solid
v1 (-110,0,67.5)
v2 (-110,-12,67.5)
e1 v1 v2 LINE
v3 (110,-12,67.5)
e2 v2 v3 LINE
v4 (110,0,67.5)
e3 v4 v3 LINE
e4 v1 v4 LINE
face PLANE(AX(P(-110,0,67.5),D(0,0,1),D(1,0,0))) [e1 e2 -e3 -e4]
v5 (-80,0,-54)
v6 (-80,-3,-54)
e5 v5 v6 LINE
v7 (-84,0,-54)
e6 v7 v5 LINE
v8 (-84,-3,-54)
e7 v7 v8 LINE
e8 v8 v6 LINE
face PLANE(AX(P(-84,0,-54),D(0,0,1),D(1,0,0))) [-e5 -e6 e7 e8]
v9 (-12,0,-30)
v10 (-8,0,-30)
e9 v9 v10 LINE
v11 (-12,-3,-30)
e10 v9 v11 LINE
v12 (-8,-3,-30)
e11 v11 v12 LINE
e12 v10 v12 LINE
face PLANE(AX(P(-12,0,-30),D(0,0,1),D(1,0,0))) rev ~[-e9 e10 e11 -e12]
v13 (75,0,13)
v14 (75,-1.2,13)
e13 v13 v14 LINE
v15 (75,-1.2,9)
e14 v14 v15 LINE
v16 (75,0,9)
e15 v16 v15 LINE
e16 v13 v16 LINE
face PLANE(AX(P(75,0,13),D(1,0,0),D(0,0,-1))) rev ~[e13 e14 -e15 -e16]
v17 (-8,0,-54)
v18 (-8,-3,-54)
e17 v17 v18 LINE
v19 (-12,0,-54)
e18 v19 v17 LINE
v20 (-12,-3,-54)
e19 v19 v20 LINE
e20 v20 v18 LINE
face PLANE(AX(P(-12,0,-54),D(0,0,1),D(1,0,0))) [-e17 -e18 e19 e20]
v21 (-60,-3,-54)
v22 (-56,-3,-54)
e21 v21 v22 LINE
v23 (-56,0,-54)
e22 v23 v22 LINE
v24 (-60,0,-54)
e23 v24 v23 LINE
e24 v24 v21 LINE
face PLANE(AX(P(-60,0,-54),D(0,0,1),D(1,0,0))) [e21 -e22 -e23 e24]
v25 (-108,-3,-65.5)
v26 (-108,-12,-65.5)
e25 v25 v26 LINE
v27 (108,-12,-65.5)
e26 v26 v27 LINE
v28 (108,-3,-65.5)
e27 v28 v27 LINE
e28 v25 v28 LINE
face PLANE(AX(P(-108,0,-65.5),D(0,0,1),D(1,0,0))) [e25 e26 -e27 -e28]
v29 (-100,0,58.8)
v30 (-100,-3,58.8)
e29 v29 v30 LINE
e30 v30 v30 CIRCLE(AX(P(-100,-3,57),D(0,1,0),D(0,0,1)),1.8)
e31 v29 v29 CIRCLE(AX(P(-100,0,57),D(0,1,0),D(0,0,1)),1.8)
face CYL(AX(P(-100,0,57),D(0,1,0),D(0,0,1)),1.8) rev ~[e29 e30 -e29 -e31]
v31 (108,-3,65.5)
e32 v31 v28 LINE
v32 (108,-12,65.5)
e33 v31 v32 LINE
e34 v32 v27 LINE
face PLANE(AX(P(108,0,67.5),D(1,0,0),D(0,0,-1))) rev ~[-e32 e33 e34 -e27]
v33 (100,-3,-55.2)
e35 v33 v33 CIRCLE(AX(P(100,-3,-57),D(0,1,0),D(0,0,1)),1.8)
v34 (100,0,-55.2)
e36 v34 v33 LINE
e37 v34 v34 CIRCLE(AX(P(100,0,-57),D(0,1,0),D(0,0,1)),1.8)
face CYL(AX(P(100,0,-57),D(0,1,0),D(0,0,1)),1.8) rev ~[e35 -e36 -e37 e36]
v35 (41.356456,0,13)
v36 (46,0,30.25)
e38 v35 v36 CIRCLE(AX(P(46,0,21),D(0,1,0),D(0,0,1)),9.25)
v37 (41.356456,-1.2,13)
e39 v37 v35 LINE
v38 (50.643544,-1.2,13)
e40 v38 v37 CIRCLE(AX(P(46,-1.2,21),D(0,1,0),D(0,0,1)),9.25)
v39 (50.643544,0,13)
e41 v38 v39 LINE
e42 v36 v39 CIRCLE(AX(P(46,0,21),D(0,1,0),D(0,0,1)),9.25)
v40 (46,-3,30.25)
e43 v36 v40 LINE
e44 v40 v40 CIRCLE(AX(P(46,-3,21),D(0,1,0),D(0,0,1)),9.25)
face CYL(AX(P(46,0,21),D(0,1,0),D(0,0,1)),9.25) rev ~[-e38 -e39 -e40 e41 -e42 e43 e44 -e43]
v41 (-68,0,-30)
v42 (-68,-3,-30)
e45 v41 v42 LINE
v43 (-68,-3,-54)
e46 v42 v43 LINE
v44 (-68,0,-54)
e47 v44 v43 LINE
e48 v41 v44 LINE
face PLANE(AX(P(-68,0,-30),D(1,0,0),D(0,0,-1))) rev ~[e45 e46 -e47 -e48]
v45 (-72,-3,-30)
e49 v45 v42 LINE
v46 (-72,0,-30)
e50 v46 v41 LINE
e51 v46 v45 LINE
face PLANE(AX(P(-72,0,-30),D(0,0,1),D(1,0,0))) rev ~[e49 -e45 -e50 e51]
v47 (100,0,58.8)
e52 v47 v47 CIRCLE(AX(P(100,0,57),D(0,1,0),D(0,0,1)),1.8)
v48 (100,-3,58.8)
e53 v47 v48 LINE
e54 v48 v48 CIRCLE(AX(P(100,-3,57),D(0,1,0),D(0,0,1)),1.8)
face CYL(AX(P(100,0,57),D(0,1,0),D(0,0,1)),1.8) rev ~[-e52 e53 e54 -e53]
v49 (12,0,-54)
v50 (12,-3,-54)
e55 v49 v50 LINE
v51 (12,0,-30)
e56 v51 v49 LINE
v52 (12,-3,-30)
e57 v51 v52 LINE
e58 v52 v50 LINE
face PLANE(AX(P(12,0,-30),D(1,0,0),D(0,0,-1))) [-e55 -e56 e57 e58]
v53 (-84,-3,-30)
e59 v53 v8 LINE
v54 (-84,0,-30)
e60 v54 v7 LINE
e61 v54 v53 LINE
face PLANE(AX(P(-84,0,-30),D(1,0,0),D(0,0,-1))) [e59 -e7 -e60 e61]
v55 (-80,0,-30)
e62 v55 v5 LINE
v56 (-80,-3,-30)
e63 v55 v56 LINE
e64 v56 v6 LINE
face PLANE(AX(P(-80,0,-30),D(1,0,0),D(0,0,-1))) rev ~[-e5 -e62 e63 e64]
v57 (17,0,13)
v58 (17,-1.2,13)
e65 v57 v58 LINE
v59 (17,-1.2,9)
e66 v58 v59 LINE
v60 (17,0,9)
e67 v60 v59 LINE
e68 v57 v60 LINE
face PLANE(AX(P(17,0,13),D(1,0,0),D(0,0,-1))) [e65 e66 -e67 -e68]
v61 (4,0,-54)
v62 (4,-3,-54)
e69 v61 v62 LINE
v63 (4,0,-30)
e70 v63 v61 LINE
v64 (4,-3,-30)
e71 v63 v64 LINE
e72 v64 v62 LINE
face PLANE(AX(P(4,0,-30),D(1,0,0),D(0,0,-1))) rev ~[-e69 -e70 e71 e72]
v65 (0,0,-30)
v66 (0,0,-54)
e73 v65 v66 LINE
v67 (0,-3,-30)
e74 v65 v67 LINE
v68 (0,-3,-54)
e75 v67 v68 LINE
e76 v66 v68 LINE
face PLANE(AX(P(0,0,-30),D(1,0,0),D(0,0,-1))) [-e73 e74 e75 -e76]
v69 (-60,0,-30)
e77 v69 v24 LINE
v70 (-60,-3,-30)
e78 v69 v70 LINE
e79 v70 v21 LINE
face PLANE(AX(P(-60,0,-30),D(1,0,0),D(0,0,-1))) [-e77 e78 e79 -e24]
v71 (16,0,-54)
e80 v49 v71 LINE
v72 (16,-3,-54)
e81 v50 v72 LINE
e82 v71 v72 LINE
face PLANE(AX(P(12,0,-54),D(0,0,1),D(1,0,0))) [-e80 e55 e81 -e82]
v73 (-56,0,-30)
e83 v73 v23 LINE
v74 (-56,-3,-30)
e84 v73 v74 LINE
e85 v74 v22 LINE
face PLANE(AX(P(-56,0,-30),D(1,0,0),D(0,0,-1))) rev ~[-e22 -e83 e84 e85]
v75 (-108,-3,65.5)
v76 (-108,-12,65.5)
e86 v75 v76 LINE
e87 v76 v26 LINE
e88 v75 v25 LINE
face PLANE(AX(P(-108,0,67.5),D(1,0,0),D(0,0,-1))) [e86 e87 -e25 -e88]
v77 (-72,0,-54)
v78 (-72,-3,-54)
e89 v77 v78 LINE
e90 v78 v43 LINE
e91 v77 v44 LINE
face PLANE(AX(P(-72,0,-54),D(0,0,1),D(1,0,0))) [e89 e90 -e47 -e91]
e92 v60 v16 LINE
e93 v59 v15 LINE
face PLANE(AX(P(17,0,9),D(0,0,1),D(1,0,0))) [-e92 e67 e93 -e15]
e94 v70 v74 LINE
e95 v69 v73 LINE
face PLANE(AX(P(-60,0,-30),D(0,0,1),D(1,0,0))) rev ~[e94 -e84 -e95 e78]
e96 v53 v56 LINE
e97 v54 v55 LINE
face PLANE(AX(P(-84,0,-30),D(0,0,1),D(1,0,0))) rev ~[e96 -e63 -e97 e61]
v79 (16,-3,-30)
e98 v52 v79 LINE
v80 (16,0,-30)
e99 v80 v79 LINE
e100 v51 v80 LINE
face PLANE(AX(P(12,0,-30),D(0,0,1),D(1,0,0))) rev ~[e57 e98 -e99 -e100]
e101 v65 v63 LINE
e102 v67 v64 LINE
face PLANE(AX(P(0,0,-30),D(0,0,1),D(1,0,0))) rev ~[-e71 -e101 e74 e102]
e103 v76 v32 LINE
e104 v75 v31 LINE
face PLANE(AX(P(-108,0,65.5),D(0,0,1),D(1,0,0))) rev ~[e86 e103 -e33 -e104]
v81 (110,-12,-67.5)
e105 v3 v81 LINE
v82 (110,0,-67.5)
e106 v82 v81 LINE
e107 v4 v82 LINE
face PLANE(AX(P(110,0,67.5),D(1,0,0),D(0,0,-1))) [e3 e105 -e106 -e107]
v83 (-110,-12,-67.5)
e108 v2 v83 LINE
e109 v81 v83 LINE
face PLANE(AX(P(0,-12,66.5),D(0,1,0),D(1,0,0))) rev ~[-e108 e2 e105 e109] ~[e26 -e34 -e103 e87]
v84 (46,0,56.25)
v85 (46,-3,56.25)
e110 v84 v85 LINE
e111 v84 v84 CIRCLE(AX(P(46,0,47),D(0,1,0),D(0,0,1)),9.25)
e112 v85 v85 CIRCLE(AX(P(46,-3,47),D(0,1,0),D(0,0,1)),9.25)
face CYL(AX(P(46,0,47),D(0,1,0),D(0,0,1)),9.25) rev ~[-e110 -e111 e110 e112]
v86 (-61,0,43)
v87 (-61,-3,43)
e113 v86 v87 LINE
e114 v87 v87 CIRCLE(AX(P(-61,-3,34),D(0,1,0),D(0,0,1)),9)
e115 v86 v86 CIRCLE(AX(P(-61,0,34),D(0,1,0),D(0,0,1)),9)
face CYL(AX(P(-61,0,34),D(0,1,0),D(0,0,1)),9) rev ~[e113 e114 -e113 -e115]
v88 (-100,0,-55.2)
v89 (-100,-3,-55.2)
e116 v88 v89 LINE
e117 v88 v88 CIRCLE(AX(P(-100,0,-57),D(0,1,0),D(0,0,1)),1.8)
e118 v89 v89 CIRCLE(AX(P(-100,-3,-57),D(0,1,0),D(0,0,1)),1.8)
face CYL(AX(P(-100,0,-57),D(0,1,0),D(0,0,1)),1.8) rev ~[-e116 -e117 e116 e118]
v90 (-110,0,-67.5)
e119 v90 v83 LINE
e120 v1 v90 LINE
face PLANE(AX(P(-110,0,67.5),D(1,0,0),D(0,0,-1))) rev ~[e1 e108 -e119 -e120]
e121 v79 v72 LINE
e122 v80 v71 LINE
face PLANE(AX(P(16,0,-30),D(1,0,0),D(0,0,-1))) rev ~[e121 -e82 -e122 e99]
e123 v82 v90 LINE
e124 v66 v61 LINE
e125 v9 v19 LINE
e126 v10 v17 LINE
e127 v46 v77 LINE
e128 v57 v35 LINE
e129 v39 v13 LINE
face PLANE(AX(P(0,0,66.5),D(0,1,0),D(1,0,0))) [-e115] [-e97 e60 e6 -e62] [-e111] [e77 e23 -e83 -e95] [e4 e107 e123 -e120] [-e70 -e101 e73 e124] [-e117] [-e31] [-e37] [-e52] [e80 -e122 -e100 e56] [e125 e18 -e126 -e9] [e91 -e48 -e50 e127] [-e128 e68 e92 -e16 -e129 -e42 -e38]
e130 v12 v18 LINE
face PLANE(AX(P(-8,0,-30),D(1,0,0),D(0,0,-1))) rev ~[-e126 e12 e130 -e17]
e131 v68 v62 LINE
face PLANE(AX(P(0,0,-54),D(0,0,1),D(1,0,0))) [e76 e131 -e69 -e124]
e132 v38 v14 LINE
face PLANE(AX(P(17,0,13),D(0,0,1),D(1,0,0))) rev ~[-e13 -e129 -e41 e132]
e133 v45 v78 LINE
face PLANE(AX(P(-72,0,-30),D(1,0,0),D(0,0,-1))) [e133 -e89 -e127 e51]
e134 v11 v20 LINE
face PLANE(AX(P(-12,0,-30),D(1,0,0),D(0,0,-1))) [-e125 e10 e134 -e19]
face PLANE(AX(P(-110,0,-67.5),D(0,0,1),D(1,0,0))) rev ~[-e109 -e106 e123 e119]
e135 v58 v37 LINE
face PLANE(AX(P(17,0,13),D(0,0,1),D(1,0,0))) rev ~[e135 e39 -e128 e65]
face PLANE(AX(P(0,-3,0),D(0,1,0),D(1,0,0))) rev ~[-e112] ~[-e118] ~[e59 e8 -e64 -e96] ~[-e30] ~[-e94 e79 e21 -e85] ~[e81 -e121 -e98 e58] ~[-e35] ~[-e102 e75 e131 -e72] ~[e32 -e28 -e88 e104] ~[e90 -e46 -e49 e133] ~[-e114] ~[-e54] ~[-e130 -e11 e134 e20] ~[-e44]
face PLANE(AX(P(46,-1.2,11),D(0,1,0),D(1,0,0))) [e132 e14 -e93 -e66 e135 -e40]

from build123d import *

# Parameters (mm, degrees)
SKETCH_1_W                       = 220
SKETCH_1_H                       = 135
LID_TOP_3MM_DEPTH                = 3
SKETCH_2_W                       = 216
SKETCH_2_H                       = 2
LID_RIM_BACK_DEPTH               = 12
SKETCH_3_W                       = 216
SKETCH_3_H                       = 2
LID_RIM_FRONT_DEPTH              = 12
SKETCH_4_W                       = 2
SKETCH_4_H                       = 135
LID_RIM_LEFT_DEPTH               = 12
SKETCH_5_W                       = 2
SKETCH_5_H                       = 135
LID_RIM_RIGHT_DEPTH              = 12
SKETCH_6_R                       = 1.8
LID_SCREW_CLEARANCE_1_DEPTH      = 16
SKETCH_7_R                       = 1.8
LID_SCREW_CLEARANCE_2_DEPTH      = 16
SKETCH_8_R                       = 1.8
LID_SCREW_CLEARANCE_3_DEPTH      = 16
SKETCH_9_R                       = 1.8
LID_SCREW_CLEARANCE_4_DEPTH      = 16
SKETCH_10_R                      = 9
OV5647_LENS_OPENING_D18_DEPTH    = 4
SKETCH_11_R                      = 9.25
HC_SR04_ACOUSTIC_OPENING_1_DEPTH = 4
SKETCH_12_R                      = 9.25
HC_SR04_ACOUSTIC_OPENING_2_DEPTH = 4
SKETCH_13_W                      = 58
SKETCH_13_H                      = 4
HC_SR04_ALIGNMENT_RECESS_DEPTH   = 1.2
SKETCH_14_W                      = 4
SKETCH_14_H                      = 24
VENT_SLOT_1_DEPTH                = 4
SKETCH_15_W                      = 4
SKETCH_15_H                      = 24
VENT_SLOT_2_DEPTH                = 4
SKETCH_16_W                      = 4
SKETCH_16_H                      = 24
VENT_SLOT_3_DEPTH                = 4
SKETCH_17_W                      = 4
SKETCH_17_H                      = 24
VENT_SLOT_4_DEPTH                = 4
SKETCH_18_W                      = 4
SKETCH_18_H                      = 24
VENT_SLOT_5_DEPTH                = 4
SKETCH_19_W                      = 4
SKETCH_19_H                      = 24
VENT_SLOT_6_DEPTH                = 4


with BuildPart() as part:
    # 草图1 → Lid_Top_3mm (new body)
    with BuildSketch(Plane(origin=(0, 0, 0), x_dir=(1, 0, 0), z_dir=(0, 1, 0))):
        Rectangle(SKETCH_1_W, SKETCH_1_H)
    extrude(amount=-LID_TOP_3MM_DEPTH)

    # 草图2 → Lid_Rim_Back (add)
    with BuildSketch(Plane(origin=(0, 0, 0), x_dir=(1, 0, 0), z_dir=(0, 1, 0))):
        with Locations((0, 66.5)):
            Rectangle(SKETCH_2_W, SKETCH_2_H)
    extrude(amount=-LID_RIM_BACK_DEPTH)

    # 草图3 → Lid_Rim_Front (add)
    with BuildSketch(Plane(origin=(0, 0, 0), x_dir=(1, 0, 0), z_dir=(0, 1, 0))):
        with Locations((0, -66.5)):
            Rectangle(SKETCH_3_W, SKETCH_3_H)
    extrude(amount=-LID_RIM_FRONT_DEPTH)

    # 草图4 → Lid_Rim_Left (add)
    with BuildSketch(Plane(origin=(0, 0, 0), x_dir=(1, 0, 0), z_dir=(0, 1, 0))):
        with Locations((-109, 0)):
            Rectangle(SKETCH_4_W, SKETCH_4_H)
    extrude(amount=-LID_RIM_LEFT_DEPTH)

    # 草图5 → Lid_Rim_Right (add)
    with BuildSketch(Plane(origin=(0, 0, 0), x_dir=(1, 0, 0), z_dir=(0, 1, 0))):
        with Locations((109, 0)):
            Rectangle(SKETCH_5_W, SKETCH_5_H)
    extrude(amount=-LID_RIM_RIGHT_DEPTH)

    # 草图6 → Lid_Screw_Clearance_1 (cut)
    with BuildSketch(Plane(origin=(0, 0, 0), x_dir=(1, 0, 0), z_dir=(0, 1, 0))):
        with Locations(Location((-100, -57, 0), (0, 0, 270))):
            Circle(SKETCH_6_R)
    extrude(amount=-LID_SCREW_CLEARANCE_1_DEPTH, mode=Mode.SUBTRACT)

    # 草图7 → Lid_Screw_Clearance_2 (cut)
    with BuildSketch(Plane(origin=(0, 0, 0), x_dir=(1, 0, 0), z_dir=(0, 1, 0))):
        with Locations(Location((100, -57, 0), (0, 0, 270))):
            Circle(SKETCH_7_R)
    extrude(amount=-LID_SCREW_CLEARANCE_2_DEPTH, mode=Mode.SUBTRACT)

    # 草图8 → Lid_Screw_Clearance_3 (cut)
    with BuildSketch(Plane(origin=(0, 0, 0), x_dir=(1, 0, 0), z_dir=(0, 1, 0))):
        with Locations(Location((-100, 57, 0), (0, 0, 270))):
            Circle(SKETCH_8_R)
    extrude(amount=-LID_SCREW_CLEARANCE_3_DEPTH, mode=Mode.SUBTRACT)

    # 草图9 → Lid_Screw_Clearance_4 (cut)
    with BuildSketch(Plane(origin=(0, 0, 0), x_dir=(1, 0, 0), z_dir=(0, 1, 0))):
        with Locations(Location((100, 57, 0), (0, 0, 270))):
            Circle(SKETCH_9_R)
    extrude(amount=-LID_SCREW_CLEARANCE_4_DEPTH, mode=Mode.SUBTRACT)

    # 草图10 → OV5647_Lens_Opening_D18 (cut)
    with BuildSketch(Plane(origin=(0, 0, 0), x_dir=(1, 0, 0), z_dir=(0, 1, 0))):
        with Locations(Location((-61, -34, 0), (0, 0, 270))):
            Circle(SKETCH_10_R)
    extrude(amount=-OV5647_LENS_OPENING_D18_DEPTH, mode=Mode.SUBTRACT)

    # 草图11 → HC_SR04_Acoustic_Opening_1 (cut)
    with BuildSketch(Plane(origin=(0, 0, 0), x_dir=(1, 0, 0), z_dir=(0, 1, 0))):
        with Locations(Location((46, -47, 0), (0, 0, 270))):
            Circle(SKETCH_11_R)
    extrude(amount=-HC_SR04_ACOUSTIC_OPENING_1_DEPTH, mode=Mode.SUBTRACT)

    # 草图12 → HC_SR04_Acoustic_Opening_2 (cut)
    with BuildSketch(Plane(origin=(0, 0, 0), x_dir=(1, 0, 0), z_dir=(0, 1, 0))):
        with Locations(Location((46, -21, 0), (0, 0, 270))):
            Circle(SKETCH_12_R)
    extrude(amount=-HC_SR04_ACOUSTIC_OPENING_2_DEPTH, mode=Mode.SUBTRACT)

    # 草图13 → HC_SR04_Alignment_Recess (cut)
    with BuildSketch(Plane(origin=(0, 0, 0), x_dir=(1, 0, 0), z_dir=(0, 1, 0))):
        with Locations((46, -11)):
            Rectangle(SKETCH_13_W, SKETCH_13_H)
    extrude(amount=-HC_SR04_ALIGNMENT_RECESS_DEPTH, mode=Mode.SUBTRACT)

    # 草图14 → Vent_Slot_1 (cut)
    with BuildSketch(Plane(origin=(0, 0, 0), x_dir=(1, 0, 0), z_dir=(0, 1, 0))):
        with Locations((-82, 42)):
            Rectangle(SKETCH_14_W, SKETCH_14_H)
    extrude(amount=-VENT_SLOT_1_DEPTH, mode=Mode.SUBTRACT)

    # 草图15 → Vent_Slot_2 (cut)
    with BuildSketch(Plane(origin=(0, 0, 0), x_dir=(1, 0, 0), z_dir=(0, 1, 0))):
        with Locations((-70, 42)):
            Rectangle(SKETCH_15_W, SKETCH_15_H)
    extrude(amount=-VENT_SLOT_2_DEPTH, mode=Mode.SUBTRACT)

    # 草图16 → Vent_Slot_3 (cut)
    with BuildSketch(Plane(origin=(0, 0, 0), x_dir=(1, 0, 0), z_dir=(0, 1, 0))):
        with Locations((-58, 42)):
            Rectangle(SKETCH_16_W, SKETCH_16_H)
    extrude(amount=-VENT_SLOT_3_DEPTH, mode=Mode.SUBTRACT)

    # 草图17 → Vent_Slot_4 (cut)
    with BuildSketch(Plane(origin=(0, 0, 0), x_dir=(1, 0, 0), z_dir=(0, 1, 0))):
        with Locations((-10, 42)):
            Rectangle(SKETCH_17_W, SKETCH_17_H)
    extrude(amount=-VENT_SLOT_4_DEPTH, mode=Mode.SUBTRACT)

    # 草图18 → Vent_Slot_5 (cut)
    with BuildSketch(Plane(origin=(0, 0, 0), x_dir=(1, 0, 0), z_dir=(0, 1, 0))):
        with Locations((2, 42)):
            Rectangle(SKETCH_18_W, SKETCH_18_H)
    extrude(amount=-VENT_SLOT_5_DEPTH, mode=Mode.SUBTRACT)

    # 草图19 → Vent_Slot_6 (cut)
    with BuildSketch(Plane(origin=(0, 0, 0), x_dir=(1, 0, 0), z_dir=(0, 1, 0))):
        with Locations((14, 42)):
            Rectangle(SKETCH_19_W, SKETCH_19_H)
    extrude(amount=-VENT_SLOT_6_DEPTH, mode=Mode.SUBTRACT)


solid = part.part
